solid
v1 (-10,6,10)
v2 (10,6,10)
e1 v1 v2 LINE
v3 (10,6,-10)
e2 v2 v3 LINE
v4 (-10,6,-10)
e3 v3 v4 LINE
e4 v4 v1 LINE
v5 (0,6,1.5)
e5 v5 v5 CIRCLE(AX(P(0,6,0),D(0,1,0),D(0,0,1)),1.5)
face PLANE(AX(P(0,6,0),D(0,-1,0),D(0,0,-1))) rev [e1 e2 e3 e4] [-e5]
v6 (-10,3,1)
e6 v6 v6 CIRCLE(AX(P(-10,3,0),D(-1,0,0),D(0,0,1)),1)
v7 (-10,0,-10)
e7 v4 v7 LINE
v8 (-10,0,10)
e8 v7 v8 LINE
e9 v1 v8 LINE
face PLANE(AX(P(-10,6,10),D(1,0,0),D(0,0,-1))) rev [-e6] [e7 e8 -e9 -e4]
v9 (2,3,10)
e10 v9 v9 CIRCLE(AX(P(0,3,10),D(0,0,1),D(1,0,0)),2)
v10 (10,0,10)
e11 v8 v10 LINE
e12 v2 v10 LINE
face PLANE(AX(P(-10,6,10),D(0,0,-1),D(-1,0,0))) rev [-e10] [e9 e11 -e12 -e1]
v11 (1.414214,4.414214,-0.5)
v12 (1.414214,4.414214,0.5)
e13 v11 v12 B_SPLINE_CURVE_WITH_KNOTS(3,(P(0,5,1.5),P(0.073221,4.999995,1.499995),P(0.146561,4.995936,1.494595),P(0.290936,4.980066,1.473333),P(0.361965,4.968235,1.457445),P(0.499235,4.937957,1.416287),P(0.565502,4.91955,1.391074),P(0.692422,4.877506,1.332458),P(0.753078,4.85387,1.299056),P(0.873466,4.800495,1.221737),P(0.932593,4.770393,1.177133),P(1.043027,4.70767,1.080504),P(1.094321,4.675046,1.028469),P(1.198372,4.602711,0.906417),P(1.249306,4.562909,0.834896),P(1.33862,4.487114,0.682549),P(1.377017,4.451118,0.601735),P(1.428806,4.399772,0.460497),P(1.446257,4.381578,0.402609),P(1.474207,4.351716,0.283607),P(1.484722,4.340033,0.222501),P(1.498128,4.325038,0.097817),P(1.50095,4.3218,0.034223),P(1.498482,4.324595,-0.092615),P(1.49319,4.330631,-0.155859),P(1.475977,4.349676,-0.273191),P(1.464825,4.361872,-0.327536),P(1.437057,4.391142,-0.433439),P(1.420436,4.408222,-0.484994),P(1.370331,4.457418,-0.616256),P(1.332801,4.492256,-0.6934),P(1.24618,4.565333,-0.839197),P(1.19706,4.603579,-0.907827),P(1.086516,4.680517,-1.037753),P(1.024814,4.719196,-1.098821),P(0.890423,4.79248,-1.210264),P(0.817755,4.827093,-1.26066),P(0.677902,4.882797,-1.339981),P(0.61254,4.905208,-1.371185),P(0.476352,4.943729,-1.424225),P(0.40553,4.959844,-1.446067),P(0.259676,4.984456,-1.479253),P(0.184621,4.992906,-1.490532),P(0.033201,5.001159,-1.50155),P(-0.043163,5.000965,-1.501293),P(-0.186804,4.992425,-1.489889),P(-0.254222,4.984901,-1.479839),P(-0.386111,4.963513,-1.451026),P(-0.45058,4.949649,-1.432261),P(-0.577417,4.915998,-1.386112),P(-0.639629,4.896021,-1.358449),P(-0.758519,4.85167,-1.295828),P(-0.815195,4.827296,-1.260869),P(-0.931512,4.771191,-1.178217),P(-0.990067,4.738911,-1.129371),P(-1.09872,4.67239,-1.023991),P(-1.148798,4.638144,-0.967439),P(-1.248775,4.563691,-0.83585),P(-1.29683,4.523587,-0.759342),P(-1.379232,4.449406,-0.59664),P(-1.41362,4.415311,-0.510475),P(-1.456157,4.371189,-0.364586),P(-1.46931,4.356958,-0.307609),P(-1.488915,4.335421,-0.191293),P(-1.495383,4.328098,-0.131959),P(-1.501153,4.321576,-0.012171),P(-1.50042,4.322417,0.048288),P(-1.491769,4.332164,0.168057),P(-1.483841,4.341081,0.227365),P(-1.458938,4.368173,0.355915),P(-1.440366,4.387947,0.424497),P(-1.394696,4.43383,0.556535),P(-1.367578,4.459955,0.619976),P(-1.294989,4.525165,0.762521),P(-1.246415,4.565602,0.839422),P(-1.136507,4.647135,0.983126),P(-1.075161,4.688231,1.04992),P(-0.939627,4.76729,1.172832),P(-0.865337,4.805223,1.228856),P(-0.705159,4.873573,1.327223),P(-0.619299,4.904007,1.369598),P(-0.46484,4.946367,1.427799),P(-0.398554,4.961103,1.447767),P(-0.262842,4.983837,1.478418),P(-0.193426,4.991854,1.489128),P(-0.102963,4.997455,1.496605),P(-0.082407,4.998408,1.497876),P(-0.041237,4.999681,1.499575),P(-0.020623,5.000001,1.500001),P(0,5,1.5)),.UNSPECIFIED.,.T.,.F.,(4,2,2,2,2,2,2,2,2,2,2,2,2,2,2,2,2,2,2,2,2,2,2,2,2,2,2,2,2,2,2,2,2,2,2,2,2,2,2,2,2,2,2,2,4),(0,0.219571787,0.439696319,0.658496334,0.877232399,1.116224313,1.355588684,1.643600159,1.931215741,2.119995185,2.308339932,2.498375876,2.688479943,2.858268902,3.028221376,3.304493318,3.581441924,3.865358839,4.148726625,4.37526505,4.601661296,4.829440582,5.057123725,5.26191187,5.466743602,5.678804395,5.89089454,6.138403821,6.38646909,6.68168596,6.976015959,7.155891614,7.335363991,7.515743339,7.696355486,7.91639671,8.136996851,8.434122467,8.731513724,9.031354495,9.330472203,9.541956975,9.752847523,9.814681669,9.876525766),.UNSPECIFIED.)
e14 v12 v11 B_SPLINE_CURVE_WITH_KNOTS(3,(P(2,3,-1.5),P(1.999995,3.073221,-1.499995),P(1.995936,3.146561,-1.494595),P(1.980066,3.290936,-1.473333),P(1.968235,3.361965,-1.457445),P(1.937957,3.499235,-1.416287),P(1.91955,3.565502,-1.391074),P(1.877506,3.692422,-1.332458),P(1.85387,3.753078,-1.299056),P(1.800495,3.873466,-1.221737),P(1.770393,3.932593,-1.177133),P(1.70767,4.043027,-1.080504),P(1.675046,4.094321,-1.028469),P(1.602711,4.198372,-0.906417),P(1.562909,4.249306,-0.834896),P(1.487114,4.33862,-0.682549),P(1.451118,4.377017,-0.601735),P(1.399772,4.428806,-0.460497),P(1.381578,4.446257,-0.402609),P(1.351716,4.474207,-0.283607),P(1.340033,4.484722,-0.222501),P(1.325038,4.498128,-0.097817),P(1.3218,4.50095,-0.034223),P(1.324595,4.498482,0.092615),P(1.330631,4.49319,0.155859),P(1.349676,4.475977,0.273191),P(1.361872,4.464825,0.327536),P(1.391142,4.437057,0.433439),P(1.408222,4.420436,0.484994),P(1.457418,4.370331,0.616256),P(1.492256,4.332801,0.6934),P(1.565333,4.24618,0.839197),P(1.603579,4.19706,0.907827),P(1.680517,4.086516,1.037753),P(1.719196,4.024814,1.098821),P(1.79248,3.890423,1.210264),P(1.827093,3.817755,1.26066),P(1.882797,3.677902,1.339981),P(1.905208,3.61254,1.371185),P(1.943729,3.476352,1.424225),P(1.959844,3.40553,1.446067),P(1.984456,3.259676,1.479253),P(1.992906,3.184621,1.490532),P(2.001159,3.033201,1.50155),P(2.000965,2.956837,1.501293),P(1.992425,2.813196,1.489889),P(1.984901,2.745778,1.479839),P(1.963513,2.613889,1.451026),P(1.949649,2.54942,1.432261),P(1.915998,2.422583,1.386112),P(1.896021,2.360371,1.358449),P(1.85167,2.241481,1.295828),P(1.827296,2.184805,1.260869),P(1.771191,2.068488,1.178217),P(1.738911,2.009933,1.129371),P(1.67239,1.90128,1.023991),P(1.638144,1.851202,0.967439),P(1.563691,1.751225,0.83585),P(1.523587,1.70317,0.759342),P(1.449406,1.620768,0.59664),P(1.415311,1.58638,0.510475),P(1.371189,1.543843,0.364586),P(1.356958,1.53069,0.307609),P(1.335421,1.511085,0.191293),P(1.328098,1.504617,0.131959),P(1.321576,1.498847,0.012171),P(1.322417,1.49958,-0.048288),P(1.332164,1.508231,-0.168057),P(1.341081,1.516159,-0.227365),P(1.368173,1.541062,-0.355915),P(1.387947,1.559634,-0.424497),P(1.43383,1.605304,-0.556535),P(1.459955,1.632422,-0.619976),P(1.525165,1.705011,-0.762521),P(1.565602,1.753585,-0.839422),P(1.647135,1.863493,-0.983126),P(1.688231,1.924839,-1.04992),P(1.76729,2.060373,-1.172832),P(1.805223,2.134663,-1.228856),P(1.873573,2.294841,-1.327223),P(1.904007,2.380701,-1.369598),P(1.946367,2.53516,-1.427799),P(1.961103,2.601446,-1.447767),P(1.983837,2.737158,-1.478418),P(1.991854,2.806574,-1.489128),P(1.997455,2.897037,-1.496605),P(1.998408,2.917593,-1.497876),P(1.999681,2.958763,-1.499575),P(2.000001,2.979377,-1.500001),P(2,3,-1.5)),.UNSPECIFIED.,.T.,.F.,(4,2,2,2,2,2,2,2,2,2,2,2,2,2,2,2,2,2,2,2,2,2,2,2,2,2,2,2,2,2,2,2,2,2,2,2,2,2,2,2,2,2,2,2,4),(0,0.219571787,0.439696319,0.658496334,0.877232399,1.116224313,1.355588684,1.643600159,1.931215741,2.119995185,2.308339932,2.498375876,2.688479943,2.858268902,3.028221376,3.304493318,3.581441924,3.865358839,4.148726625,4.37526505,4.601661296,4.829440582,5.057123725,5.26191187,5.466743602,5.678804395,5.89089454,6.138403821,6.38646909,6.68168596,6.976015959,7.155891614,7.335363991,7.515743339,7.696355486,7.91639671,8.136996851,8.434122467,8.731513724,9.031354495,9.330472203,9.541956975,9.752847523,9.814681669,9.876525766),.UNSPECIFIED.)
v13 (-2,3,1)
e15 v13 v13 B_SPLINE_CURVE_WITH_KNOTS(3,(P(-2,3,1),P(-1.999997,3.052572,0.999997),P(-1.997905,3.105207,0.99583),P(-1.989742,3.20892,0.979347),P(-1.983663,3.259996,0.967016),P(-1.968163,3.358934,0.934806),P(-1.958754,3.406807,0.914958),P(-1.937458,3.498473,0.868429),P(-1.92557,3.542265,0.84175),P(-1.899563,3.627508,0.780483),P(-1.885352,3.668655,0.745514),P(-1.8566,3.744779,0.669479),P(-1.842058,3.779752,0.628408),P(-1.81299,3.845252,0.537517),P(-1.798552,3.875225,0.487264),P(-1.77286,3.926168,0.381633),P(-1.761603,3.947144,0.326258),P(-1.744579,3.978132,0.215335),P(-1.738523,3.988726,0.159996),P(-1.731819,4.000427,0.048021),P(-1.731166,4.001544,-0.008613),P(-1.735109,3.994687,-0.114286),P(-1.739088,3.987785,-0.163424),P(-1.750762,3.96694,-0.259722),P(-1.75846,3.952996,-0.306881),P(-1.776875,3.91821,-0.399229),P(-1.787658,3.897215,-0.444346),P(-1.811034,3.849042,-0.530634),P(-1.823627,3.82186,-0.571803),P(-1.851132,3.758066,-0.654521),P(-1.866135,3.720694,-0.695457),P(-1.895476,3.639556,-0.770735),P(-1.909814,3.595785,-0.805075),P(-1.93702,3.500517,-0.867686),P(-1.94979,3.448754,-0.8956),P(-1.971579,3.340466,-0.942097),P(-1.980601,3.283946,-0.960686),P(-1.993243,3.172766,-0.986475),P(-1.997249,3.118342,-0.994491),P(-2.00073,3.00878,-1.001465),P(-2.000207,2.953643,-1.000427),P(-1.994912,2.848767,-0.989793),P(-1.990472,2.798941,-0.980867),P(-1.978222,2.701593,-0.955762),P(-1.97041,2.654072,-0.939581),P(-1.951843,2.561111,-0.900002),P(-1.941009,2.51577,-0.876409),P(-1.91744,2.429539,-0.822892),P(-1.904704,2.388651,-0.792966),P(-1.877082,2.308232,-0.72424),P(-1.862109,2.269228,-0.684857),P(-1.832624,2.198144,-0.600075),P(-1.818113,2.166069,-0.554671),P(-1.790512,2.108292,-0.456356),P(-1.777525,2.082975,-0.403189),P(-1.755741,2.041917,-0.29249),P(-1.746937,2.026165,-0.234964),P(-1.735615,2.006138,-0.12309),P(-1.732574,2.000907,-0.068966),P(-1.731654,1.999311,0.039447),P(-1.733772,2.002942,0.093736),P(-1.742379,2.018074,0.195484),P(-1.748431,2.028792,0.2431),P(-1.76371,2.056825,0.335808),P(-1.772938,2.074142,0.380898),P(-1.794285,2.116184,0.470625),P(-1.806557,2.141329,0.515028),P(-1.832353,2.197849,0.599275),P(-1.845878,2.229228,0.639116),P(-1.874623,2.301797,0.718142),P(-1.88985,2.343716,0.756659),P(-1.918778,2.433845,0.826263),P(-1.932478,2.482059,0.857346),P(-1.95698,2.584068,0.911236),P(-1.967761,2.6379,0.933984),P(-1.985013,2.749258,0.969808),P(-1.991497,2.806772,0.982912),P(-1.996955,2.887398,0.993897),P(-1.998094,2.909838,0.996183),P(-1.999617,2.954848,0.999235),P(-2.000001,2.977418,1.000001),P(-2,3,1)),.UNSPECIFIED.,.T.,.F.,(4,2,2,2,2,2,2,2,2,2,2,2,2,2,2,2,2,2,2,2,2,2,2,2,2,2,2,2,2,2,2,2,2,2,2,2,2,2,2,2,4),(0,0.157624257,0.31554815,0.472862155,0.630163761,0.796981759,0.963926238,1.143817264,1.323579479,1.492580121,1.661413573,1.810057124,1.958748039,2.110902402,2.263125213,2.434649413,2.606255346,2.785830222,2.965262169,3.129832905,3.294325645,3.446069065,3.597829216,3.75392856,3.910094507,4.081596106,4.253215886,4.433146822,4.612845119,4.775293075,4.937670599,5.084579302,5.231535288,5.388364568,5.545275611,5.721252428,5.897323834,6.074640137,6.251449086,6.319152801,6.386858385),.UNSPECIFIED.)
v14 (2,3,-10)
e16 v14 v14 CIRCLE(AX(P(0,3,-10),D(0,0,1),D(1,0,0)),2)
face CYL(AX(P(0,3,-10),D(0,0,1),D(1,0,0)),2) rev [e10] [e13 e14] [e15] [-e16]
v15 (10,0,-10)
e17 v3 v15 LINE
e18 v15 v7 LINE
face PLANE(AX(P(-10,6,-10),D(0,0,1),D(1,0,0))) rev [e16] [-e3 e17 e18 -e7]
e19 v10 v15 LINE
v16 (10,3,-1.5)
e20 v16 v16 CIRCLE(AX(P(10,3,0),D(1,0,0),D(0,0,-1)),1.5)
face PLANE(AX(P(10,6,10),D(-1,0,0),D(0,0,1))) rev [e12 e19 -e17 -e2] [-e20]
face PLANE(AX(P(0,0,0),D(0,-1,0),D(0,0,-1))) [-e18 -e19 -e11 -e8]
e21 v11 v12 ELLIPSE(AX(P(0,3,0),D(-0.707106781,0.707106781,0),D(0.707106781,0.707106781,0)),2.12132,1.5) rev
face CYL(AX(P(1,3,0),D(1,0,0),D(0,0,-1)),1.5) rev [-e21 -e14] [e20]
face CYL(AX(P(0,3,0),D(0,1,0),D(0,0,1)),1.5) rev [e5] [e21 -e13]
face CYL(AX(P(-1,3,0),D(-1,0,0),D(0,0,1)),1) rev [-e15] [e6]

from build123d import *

# Parameters (mm, degrees)
SKETCH1_W           = 20
SKETCH1_H           = 20
BOSS_EXTRUDE1_DEPTH = 6
SKETCH2_R           = 2
CUT_EXTRUDE1_DEPTH  = 20
SKETCH3_R           = 1.5
CUT_EXTRUDE2_DEPTH  = 3
SKETCH4_R           = 1.5
CUT_EXTRUDE3_DEPTH  = 9
SKETCH5_R           = 1
CUT_EXTRUDE4_DEPTH  = 9


with BuildPart() as part:
    # Sketch1 → Boss-Extrude1 (new body)
    with BuildSketch(Plane(origin=(0, 0, 0), x_dir=(1, 0, 0), z_dir=(0, 1, 0))):
        Rectangle(SKETCH1_W, SKETCH1_H)
    extrude(amount=BOSS_EXTRUDE1_DEPTH)

    # Sketch2 → Cut-Extrude1 (cut)
    with BuildSketch(Plane.XY.offset(10)):
        with Locations((0, 3)):
            Circle(SKETCH2_R)
    extrude(amount=-CUT_EXTRUDE1_DEPTH, mode=Mode.SUBTRACT)

    # Sketch3 → Cut-Extrude2 (cut)
    with BuildSketch(Plane(origin=(0, 6, 0), x_dir=(1, 0, 0), z_dir=(0, 1, 0))):
        with Locations(Location((0, 0, 0), (0, 0, 270))):
            Circle(SKETCH3_R)
    extrude(amount=-CUT_EXTRUDE2_DEPTH, mode=Mode.SUBTRACT)

    # Sketch4 → Cut-Extrude3 (cut)
    with BuildSketch(Plane(origin=(10, 0, 0), x_dir=(0, 0, -1), z_dir=(1, 0, 0))):
        with Locations((0, 3)):
            Circle(SKETCH4_R)
    extrude(amount=-CUT_EXTRUDE3_DEPTH, mode=Mode.SUBTRACT)

    # Sketch5 → Cut-Extrude4 (cut)
    with BuildSketch(Plane.ZY.offset(10)):
        with Locations((0, 3)):
            Circle(SKETCH5_R)
    extrude(amount=-CUT_EXTRUDE4_DEPTH, mode=Mode.SUBTRACT)


solid = part.part
